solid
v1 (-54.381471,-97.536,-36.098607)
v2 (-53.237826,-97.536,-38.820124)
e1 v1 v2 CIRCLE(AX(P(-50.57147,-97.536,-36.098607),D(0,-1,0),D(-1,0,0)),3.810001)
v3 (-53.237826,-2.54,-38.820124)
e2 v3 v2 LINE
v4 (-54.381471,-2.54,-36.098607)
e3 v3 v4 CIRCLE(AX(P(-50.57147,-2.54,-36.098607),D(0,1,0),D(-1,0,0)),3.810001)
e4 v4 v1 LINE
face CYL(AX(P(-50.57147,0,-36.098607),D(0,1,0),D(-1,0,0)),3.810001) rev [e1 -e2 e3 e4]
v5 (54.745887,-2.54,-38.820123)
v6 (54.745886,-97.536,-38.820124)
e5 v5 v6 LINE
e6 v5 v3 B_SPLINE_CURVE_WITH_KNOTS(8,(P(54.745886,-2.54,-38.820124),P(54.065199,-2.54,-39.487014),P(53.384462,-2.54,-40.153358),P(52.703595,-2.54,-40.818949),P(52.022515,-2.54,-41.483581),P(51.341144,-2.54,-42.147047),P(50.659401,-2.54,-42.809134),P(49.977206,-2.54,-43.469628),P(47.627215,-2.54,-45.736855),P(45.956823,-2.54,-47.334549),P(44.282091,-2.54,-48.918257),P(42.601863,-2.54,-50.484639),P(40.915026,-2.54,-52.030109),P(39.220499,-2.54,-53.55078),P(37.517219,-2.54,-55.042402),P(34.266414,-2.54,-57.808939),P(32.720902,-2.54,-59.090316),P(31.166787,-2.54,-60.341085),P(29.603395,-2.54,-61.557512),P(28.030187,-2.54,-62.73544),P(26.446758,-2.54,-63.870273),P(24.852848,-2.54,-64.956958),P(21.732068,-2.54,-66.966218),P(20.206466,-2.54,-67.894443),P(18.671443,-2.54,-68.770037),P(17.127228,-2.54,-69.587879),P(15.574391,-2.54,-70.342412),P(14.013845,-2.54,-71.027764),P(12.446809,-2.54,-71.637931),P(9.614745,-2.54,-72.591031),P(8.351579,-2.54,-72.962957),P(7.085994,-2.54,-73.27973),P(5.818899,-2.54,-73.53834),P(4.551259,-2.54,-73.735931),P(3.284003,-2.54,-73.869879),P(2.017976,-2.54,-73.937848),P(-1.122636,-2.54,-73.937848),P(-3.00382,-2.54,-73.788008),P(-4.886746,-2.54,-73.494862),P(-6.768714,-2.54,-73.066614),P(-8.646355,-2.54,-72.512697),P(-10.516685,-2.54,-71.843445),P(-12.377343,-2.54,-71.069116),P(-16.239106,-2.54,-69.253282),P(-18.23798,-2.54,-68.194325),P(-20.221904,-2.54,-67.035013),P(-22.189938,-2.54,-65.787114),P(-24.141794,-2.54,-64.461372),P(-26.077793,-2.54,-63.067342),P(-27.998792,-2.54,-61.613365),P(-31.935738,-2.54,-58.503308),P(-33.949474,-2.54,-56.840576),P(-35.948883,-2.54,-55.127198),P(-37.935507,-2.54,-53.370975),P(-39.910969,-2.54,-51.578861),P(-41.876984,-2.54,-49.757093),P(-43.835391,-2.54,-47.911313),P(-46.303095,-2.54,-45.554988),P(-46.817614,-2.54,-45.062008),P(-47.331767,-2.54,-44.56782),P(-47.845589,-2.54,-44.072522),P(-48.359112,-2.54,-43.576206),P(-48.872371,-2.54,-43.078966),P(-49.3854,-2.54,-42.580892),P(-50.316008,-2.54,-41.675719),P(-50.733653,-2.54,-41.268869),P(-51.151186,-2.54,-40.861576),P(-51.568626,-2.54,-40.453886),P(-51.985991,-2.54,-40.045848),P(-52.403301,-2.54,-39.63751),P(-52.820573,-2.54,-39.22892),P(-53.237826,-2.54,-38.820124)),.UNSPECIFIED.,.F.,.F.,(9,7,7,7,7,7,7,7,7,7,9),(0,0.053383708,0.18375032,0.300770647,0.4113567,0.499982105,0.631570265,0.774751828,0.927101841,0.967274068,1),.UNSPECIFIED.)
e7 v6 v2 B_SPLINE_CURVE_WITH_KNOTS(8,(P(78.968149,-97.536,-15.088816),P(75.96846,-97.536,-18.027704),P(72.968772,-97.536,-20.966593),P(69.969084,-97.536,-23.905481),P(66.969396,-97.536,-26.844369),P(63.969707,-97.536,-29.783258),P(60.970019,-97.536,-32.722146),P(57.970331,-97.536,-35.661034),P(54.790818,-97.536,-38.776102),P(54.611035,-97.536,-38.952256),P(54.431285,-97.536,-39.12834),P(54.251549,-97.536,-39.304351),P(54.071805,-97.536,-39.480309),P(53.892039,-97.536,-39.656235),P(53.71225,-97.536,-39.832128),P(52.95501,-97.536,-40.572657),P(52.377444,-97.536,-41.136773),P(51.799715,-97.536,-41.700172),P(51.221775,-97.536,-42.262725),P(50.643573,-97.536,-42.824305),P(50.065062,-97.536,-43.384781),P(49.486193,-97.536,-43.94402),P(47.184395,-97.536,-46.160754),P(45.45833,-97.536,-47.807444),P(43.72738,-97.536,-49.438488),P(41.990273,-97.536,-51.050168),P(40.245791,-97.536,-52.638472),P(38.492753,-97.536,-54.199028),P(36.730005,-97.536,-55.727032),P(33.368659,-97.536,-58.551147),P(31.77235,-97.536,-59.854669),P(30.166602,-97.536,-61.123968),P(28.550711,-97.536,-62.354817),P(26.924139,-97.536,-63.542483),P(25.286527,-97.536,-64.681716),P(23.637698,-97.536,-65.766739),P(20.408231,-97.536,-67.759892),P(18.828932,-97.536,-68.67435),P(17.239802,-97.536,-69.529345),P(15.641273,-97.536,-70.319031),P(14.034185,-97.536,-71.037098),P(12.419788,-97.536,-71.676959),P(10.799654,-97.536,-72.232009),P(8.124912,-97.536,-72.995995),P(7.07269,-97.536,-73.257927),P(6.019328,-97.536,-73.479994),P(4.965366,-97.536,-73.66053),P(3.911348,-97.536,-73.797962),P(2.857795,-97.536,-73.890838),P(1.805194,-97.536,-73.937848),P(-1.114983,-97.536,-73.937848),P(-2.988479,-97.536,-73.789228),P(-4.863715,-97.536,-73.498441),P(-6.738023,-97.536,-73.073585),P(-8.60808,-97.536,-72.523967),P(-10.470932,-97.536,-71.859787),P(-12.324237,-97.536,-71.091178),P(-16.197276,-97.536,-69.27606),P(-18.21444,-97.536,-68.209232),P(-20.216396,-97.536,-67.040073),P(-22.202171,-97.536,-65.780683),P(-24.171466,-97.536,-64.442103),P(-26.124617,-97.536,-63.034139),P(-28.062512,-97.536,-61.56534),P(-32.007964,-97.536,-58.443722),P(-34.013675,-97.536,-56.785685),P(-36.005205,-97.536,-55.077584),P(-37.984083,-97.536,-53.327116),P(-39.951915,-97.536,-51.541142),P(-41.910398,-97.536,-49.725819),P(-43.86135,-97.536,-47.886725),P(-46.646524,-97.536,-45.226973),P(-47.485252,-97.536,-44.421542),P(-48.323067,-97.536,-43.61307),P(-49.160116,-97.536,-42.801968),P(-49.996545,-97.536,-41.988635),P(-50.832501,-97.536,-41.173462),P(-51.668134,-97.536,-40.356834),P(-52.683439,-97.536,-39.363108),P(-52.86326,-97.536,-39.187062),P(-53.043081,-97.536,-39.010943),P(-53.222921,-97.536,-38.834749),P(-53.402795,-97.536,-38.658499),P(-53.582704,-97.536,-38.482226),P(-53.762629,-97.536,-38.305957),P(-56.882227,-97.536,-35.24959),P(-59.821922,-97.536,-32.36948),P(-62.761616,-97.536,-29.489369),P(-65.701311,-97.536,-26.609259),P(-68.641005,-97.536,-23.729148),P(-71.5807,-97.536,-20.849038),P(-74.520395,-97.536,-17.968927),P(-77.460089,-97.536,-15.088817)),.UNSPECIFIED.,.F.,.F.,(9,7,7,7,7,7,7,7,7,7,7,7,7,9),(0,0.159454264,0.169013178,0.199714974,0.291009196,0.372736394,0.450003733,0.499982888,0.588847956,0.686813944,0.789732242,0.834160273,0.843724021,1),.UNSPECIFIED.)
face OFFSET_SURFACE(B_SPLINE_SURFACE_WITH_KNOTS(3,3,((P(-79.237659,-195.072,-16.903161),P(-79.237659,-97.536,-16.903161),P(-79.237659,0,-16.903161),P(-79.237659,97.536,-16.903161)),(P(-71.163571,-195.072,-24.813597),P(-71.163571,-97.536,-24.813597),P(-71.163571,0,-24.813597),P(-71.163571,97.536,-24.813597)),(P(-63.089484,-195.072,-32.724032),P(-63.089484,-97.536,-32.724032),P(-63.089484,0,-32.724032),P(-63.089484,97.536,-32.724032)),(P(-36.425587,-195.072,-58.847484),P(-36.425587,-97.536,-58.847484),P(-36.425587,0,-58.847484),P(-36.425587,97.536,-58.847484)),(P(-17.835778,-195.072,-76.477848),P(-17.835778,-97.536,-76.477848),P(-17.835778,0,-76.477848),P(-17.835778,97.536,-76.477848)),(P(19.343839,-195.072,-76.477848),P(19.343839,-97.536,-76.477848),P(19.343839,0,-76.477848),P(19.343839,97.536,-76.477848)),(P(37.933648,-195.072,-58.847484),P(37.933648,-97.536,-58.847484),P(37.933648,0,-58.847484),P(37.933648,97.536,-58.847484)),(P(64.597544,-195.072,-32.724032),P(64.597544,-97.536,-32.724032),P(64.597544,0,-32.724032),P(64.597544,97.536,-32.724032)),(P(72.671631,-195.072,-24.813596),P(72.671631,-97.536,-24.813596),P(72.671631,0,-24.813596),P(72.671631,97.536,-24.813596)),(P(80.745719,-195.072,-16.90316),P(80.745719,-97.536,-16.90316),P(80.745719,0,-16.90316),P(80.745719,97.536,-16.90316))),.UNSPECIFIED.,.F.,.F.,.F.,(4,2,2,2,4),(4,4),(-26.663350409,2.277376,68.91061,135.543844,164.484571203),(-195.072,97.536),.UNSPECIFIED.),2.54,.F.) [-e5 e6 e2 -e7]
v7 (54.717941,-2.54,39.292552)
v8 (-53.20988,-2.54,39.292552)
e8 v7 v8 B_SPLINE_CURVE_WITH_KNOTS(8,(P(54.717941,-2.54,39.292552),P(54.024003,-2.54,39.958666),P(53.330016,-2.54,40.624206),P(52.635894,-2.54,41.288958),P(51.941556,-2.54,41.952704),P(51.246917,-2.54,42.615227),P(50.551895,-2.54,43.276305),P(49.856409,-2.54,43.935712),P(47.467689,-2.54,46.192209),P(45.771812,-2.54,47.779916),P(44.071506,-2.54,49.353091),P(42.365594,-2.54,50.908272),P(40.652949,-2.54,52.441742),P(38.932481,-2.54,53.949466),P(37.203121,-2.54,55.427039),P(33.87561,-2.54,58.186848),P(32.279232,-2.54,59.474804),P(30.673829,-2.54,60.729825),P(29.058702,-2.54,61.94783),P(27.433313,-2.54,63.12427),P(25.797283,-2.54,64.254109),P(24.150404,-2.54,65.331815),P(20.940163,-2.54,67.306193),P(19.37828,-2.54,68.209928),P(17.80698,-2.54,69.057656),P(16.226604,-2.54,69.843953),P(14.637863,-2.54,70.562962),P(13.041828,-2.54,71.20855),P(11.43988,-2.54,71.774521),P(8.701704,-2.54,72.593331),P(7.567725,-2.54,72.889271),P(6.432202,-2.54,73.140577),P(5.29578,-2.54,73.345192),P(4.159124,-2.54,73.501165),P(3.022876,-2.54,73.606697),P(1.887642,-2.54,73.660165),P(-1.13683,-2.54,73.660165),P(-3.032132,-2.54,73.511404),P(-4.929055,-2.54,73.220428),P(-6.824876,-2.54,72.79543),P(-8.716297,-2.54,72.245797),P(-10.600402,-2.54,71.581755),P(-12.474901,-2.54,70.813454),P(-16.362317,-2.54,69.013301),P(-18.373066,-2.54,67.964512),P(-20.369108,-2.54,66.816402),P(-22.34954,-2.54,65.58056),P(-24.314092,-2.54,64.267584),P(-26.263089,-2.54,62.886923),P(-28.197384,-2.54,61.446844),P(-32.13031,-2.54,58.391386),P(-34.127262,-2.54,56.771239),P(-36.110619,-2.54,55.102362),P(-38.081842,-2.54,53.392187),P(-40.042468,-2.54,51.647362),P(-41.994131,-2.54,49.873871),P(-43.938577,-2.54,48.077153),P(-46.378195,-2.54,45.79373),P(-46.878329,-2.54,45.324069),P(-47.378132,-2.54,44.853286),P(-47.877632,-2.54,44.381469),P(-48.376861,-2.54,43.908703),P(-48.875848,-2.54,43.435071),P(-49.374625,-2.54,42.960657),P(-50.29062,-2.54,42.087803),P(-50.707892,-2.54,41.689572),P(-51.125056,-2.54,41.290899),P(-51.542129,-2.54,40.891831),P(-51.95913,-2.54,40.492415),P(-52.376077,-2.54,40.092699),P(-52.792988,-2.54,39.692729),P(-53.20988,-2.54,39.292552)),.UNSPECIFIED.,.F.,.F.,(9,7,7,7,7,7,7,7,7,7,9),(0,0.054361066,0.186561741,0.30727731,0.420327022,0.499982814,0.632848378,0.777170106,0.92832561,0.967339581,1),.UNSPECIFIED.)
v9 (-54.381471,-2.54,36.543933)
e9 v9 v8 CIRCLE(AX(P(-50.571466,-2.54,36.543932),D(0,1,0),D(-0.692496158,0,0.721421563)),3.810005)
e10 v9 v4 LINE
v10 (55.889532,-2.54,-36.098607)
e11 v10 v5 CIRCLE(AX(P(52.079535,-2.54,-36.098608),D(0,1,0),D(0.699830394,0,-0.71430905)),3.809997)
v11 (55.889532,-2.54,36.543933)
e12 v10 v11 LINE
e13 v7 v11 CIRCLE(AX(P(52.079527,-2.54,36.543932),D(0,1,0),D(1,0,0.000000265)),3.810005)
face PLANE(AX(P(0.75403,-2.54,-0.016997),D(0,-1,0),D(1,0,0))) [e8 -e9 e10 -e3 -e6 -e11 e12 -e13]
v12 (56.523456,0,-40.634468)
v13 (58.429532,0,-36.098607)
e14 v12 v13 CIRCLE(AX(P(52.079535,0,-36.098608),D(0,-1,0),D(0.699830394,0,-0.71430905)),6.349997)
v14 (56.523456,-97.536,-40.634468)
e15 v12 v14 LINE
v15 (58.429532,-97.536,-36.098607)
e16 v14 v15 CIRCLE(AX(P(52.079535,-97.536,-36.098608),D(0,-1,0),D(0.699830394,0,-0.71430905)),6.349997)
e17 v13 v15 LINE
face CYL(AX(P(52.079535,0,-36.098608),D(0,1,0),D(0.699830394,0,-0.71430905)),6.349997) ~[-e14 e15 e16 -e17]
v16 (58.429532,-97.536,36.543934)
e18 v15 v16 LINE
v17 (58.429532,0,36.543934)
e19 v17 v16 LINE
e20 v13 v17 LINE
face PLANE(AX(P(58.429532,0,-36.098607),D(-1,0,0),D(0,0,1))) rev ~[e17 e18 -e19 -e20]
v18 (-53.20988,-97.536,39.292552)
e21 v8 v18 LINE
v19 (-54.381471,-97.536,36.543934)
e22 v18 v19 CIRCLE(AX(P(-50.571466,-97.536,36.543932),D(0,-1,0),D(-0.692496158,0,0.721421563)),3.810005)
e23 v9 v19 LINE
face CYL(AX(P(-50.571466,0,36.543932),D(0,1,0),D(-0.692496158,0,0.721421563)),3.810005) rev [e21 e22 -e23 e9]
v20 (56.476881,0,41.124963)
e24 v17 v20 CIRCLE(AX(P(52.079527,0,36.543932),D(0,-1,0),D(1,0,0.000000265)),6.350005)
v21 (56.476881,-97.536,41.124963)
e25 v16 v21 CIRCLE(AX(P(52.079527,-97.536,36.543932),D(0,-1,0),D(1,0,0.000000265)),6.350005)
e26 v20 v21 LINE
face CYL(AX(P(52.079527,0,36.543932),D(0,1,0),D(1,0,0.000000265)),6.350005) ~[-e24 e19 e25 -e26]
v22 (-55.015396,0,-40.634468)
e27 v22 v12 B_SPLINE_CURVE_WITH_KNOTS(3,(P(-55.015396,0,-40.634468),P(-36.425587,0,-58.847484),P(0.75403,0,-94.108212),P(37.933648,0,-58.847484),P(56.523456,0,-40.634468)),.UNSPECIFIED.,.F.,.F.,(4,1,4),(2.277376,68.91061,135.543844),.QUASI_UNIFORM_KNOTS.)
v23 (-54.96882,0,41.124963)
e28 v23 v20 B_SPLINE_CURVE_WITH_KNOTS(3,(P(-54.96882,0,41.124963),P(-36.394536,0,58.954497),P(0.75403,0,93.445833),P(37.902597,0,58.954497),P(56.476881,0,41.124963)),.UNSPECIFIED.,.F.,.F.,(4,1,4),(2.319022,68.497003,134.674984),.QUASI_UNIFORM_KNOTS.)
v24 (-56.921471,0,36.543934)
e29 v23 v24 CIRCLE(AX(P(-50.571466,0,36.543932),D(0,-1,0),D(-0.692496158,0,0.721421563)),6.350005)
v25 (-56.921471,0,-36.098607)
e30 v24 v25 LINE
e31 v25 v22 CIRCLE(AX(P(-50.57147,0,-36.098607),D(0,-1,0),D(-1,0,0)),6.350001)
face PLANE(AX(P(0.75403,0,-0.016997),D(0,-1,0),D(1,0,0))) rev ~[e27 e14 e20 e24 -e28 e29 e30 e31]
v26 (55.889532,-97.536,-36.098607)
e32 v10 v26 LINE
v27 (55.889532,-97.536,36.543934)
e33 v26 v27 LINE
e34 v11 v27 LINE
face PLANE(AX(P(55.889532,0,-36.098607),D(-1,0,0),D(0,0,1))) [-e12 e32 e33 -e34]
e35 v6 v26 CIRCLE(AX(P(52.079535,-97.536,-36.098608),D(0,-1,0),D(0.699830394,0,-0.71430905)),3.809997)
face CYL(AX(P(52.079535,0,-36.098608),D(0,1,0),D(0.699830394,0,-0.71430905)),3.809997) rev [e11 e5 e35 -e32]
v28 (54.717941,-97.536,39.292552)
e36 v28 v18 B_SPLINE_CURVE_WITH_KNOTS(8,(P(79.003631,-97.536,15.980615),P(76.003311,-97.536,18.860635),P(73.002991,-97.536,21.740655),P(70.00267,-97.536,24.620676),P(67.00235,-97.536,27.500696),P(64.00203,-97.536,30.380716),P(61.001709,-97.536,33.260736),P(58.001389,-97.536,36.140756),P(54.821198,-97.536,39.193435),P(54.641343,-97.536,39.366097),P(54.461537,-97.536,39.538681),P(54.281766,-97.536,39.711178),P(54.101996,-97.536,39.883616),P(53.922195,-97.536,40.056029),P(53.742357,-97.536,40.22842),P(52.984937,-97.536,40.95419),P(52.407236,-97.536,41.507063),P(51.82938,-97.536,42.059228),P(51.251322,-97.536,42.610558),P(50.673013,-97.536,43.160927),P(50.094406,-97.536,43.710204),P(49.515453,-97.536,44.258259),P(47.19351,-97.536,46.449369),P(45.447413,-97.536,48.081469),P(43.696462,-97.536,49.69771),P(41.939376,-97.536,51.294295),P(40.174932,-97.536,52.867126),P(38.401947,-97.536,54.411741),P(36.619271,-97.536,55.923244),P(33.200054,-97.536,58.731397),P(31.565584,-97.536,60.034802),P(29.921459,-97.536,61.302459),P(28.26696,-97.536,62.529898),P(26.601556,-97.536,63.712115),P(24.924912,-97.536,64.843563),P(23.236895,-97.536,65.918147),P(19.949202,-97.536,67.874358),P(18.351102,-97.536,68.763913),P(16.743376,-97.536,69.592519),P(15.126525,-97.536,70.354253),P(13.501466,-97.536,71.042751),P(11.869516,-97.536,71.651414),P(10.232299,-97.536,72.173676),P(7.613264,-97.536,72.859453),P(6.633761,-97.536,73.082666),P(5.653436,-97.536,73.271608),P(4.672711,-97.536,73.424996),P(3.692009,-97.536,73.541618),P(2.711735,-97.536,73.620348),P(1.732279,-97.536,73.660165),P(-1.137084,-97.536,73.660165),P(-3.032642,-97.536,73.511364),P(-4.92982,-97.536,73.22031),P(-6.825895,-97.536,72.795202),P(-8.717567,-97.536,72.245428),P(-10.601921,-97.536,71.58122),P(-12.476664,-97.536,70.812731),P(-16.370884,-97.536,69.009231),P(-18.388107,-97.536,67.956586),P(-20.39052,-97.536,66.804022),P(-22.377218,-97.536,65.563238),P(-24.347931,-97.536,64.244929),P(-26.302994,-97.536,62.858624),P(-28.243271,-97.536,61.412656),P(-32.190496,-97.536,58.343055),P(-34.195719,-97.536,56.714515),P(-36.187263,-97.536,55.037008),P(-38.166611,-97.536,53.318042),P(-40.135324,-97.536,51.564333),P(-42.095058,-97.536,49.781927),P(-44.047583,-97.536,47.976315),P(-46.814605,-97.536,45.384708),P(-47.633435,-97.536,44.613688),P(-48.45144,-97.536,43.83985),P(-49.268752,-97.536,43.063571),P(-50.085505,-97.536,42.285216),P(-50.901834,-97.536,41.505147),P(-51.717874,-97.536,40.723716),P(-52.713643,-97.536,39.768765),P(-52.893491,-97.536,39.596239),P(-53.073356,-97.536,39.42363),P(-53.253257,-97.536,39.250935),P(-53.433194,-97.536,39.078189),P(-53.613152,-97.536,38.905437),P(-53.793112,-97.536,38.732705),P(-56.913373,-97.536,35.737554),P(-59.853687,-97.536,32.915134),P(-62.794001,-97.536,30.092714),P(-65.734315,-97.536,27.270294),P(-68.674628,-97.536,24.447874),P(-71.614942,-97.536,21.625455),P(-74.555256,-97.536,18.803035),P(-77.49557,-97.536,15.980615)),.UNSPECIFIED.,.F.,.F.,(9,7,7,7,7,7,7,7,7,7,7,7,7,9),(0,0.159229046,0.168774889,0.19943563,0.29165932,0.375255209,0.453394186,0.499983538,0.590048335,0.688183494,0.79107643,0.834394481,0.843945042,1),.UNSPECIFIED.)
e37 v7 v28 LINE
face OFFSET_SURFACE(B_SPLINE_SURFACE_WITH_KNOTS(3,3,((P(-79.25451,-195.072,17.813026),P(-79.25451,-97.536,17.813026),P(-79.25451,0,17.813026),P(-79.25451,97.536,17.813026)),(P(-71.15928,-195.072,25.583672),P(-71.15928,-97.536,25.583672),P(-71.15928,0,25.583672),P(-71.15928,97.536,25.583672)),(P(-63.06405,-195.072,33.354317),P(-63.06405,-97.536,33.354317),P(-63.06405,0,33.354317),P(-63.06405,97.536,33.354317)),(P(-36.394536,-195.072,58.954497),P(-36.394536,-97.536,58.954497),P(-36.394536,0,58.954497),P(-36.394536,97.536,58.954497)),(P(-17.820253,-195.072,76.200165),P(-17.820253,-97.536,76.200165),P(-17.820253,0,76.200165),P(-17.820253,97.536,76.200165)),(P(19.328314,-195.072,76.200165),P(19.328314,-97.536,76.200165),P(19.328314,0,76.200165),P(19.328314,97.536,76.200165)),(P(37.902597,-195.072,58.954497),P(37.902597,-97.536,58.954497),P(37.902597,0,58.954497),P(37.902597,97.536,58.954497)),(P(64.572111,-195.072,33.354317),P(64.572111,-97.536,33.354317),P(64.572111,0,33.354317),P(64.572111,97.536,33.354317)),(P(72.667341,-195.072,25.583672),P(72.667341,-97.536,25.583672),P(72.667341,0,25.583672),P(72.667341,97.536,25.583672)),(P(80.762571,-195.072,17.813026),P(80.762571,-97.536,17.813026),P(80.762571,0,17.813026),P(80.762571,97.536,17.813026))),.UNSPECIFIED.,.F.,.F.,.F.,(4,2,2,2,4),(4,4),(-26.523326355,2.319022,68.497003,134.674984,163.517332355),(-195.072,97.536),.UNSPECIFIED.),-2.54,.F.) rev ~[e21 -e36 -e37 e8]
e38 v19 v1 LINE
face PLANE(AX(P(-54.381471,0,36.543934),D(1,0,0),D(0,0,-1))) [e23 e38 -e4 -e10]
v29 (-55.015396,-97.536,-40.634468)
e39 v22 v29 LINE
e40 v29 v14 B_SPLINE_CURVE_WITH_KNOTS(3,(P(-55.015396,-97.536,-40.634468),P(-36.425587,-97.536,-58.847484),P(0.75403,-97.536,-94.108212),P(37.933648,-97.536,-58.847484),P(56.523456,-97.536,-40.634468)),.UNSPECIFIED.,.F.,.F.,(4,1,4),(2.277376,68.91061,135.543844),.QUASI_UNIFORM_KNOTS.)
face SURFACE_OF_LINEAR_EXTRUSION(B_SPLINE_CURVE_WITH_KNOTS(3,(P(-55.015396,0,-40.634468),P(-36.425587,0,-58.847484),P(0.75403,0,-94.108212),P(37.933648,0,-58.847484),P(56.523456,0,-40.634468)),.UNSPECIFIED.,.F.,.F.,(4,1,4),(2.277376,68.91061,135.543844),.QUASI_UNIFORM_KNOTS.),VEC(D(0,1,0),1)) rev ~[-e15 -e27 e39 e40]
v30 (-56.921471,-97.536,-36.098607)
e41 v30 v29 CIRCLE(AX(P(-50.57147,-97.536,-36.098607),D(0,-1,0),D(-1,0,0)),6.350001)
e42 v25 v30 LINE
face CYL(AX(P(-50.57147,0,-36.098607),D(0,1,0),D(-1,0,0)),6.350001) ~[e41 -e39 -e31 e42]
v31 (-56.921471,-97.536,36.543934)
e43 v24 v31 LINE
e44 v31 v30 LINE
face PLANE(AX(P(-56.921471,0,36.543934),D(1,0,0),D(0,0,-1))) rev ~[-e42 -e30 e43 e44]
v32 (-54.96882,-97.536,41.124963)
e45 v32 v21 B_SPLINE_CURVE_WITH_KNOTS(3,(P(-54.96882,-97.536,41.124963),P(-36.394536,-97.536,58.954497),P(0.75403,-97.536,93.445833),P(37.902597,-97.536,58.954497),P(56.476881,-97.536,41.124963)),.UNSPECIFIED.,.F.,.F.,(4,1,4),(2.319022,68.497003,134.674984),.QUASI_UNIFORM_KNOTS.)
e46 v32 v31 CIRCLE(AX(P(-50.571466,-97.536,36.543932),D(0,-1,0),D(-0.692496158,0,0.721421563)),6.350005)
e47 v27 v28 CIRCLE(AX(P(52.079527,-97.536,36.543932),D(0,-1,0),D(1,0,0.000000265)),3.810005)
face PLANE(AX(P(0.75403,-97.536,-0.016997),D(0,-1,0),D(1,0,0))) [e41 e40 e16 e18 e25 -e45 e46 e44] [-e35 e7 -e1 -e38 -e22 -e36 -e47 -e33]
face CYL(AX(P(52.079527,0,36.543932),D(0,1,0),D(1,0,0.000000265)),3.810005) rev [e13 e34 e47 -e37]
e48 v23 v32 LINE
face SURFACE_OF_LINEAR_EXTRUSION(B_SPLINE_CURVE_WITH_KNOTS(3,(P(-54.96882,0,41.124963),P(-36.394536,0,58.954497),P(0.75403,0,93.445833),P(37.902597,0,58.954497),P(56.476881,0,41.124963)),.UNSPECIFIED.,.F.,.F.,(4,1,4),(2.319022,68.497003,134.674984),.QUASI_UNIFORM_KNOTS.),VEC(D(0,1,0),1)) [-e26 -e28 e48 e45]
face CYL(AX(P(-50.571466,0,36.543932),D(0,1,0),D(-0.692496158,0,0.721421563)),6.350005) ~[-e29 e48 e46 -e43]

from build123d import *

# Parameters (mm, degrees)
F1_DEPTH = 97.536
F2_T     = -2.54


with BuildPart() as f1:
    # F0 (on Front) → F1 (new body)
    with BuildSketch(Plane.XZ):
        with BuildLine():
            ThreePointArc((-54.96882, 41.124963), (-56.412946, 39.033847), (-56.921471, 36.543934))
            Line((-56.921471, 36.543934), (-56.921471, -36.098607))
            ThreePointArc((-56.921471, -36.098607), (-56.42559, -38.558646), (-55.015396, -40.634468))
            add(Edge.make_bspline(
                [(-55.015396, -40.634468), (-36.425587, -58.847484), (0.75403, -94.108212), (37.933648, -58.847484), (56.523456, -40.634468)],
                knots=[2.277376, 2.277376, 2.277376, 2.277376, 68.91061, 135.543844, 135.543844, 135.543844, 135.543844], degree=3))
            ThreePointArc((56.523456, -40.634468), (57.933651, -38.558646), (58.429532, -36.098607))
            Line((58.429532, -36.098607), (58.429532, 36.543934))
            ThreePointArc((58.429532, 36.543934), (57.921007, 39.033847), (56.476881, 41.124963))
            add(Edge.make_bspline(
                [(-54.96882, 41.124963), (-36.394536, 58.954497), (0.75403, 93.445833), (37.902597, 58.954497), (56.476881, 41.124963)],
                knots=[2.319022, 2.319022, 2.319022, 2.319022, 68.497003, 134.674984, 134.674984, 134.674984, 134.674984], degree=3))
        make_face()
    extrude(amount=F1_DEPTH)

    # F2
    f2_openings = [f1.faces().sort_by_distance(p)[0] for p in [
        (0.75403, -97.536, -0.018064),
    ]]
    offset(amount=F2_T, openings=f2_openings)


solid = f1.part
